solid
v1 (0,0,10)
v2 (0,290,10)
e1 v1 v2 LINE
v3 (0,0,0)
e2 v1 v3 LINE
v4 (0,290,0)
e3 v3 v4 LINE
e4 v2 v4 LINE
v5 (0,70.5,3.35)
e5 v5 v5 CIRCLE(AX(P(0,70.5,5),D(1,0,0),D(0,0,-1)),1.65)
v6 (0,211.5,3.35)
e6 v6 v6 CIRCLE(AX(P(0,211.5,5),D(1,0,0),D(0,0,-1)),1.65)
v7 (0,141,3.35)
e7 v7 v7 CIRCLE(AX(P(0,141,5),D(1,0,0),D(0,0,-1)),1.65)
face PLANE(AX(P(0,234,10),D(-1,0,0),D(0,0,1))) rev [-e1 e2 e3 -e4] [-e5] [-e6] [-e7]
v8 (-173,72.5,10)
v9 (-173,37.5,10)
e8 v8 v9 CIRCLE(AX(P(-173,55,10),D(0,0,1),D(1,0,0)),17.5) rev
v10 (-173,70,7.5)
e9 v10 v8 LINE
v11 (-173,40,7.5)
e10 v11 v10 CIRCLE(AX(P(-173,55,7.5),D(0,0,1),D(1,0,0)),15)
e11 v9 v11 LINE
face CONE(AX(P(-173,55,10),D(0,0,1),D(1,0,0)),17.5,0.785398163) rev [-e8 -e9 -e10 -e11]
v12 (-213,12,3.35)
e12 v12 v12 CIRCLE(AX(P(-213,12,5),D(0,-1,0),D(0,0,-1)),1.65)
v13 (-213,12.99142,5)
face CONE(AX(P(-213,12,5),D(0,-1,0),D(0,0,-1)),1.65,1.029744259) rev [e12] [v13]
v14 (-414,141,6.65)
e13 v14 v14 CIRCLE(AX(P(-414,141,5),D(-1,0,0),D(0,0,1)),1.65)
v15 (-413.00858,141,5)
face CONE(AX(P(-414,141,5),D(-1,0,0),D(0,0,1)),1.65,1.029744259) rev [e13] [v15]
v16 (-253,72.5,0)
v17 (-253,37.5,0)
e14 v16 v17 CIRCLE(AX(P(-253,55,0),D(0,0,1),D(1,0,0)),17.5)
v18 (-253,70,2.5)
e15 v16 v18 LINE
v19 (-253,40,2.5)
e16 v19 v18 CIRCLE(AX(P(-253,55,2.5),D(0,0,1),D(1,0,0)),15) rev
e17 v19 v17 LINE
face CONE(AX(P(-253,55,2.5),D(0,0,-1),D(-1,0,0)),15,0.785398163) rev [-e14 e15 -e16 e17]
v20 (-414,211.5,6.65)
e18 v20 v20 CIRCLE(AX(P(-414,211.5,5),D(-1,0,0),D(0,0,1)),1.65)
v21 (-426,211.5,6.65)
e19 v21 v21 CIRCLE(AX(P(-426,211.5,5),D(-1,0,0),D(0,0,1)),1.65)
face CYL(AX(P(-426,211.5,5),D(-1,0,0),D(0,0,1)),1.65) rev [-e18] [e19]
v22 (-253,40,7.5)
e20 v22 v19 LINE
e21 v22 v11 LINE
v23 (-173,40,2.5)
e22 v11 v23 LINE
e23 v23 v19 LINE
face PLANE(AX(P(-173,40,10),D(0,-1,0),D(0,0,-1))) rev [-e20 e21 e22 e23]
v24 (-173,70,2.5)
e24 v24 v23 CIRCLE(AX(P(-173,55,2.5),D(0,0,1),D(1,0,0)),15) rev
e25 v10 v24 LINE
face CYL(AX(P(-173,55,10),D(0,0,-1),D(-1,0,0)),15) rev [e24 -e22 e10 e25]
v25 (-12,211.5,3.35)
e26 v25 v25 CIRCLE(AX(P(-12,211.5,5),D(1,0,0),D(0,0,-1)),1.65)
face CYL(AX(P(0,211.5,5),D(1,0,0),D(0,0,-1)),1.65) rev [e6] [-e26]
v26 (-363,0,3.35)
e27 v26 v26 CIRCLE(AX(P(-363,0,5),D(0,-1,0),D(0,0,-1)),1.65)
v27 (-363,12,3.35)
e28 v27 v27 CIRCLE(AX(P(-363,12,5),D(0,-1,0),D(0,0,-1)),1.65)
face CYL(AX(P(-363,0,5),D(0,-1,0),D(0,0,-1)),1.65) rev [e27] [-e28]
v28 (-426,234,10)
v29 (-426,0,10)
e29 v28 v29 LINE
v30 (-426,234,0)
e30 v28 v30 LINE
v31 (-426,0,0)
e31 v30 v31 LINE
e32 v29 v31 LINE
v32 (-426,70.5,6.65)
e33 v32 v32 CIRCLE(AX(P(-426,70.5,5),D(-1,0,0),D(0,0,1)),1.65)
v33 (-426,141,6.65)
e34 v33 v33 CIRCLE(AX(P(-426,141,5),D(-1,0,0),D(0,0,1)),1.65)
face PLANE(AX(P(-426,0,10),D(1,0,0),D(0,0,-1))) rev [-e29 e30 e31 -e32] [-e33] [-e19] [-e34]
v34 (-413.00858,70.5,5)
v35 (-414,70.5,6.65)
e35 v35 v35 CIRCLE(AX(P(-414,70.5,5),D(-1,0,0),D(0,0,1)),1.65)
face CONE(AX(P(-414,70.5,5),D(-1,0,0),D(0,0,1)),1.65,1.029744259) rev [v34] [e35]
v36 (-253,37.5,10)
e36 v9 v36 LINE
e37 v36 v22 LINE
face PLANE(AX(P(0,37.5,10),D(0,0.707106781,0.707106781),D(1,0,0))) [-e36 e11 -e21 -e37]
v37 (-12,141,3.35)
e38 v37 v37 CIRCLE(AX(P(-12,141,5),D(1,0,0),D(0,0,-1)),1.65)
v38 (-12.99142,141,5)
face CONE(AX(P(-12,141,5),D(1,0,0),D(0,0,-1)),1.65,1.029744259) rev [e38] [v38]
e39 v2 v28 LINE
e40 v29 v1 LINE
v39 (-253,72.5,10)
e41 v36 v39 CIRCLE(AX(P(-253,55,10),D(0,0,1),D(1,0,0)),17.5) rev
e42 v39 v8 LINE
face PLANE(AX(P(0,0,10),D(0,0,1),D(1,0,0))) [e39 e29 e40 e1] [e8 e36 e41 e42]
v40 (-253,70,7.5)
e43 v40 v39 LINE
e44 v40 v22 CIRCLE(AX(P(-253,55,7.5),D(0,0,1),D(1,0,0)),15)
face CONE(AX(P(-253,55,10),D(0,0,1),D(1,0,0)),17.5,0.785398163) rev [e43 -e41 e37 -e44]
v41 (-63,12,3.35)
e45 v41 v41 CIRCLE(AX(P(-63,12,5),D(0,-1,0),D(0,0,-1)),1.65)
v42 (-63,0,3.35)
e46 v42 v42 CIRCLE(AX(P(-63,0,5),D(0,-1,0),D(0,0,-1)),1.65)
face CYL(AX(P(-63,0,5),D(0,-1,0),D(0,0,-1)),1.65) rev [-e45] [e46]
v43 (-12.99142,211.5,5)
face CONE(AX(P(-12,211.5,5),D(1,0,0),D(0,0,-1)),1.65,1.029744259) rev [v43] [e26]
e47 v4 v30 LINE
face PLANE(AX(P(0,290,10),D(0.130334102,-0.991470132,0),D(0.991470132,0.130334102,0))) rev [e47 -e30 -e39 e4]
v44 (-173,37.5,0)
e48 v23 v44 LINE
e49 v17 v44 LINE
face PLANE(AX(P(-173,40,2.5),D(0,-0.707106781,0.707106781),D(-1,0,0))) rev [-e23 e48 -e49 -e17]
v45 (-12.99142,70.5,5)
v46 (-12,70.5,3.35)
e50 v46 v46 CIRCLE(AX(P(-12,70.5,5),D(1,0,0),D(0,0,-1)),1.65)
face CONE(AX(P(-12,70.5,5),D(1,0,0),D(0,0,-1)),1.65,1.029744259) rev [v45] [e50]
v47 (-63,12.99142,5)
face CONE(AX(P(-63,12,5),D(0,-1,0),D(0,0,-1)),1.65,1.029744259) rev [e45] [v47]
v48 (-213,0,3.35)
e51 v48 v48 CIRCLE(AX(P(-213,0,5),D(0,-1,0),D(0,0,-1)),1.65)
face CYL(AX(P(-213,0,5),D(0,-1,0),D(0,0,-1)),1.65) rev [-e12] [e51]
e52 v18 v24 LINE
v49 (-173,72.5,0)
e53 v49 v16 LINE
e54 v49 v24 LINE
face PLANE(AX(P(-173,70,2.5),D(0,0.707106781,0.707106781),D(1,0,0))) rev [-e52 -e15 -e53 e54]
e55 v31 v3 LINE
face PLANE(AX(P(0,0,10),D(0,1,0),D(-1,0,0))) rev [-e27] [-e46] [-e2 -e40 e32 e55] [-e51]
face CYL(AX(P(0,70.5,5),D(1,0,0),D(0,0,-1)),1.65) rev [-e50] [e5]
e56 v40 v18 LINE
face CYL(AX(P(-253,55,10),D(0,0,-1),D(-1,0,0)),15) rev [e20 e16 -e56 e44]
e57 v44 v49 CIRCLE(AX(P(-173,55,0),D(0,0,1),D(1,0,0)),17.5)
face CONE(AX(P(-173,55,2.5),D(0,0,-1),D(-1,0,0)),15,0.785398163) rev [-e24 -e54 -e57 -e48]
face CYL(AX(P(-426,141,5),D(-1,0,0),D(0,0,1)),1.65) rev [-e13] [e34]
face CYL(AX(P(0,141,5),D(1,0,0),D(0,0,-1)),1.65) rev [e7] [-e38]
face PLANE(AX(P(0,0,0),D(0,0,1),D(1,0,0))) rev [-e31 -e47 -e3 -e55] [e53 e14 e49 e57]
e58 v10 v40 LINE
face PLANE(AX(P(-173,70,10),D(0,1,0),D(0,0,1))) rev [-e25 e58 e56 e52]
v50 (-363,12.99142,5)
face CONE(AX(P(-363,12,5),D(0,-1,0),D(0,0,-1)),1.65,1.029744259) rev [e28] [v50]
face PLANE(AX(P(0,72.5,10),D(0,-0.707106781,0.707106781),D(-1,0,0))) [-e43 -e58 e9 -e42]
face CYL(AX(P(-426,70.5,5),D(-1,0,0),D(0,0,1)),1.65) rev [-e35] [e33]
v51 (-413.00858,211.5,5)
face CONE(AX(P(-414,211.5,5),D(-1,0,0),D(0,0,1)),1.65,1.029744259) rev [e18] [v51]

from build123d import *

# Parameters (mm, degrees)
BOSS_EXTRUDE1_DEPTH       = 10
CUT_EXTRUDE1_DEPTH        = 516.437678095
CHAMFER1_SIZE             = 2.5
M4X0_7_TAPPED_HOLE1_D     = 3.3
M4X0_7_TAPPED_HOLE1_DEPTH = 12
M4X0_7_TAPPED_HOLE1_TIP   = 0.991420021
M4X0_7_TAPPED_HOLE2_D     = 3.3
M4X0_7_TAPPED_HOLE2_DEPTH = 12
M4X0_7_TAPPED_HOLE2_TIP   = 0.991420021
M4X0_7_TAPPED_HOLE3_D     = 3.3
M4X0_7_TAPPED_HOLE3_DEPTH = 12
M4X0_7_TAPPED_HOLE3_TIP   = 0.991420021


with BuildPart() as part:
    # Sketch1 → Boss-Extrude1 (new body)
    with BuildSketch(Plane.XY):
        Polygon((0, 234), (0, 290), (-426, 234), (-426, 0), (0, 0), align=None)
    extrude(amount=BOSS_EXTRUDE1_DEPTH)

    # Sketch2 → Cut-Extrude1 (cut, through all)
    with BuildSketch(Plane(origin=(0, 0, 0), x_dir=(-1, 0, 0), z_dir=(0, 0, -1))):
        with BuildLine():
            Line((173, 70), (253, 70))
            ThreePointArc((253, 70), (268, 55), (253, 40))
            Line((253, 40), (173, 40))
            ThreePointArc((173, 40), (158, 55), (173, 70))
        make_face()
    extrude(amount=-CUT_EXTRUDE1_DEPTH, mode=Mode.SUBTRACT)

    # Chamfer1
    chamfer1_edges = [part.edges().sort_by_distance(p)[0] for p in [
        (-268, 55, 10),
        (-213, 40, 10),
        (-158, 55, 10),
        (-213, 70, 10),
        (-268, 55, 0),
        (-213, 70, 0),
        (-158, 55, 0),
        (-213, 40, 0),
    ]]
    chamfer(chamfer1_edges, length=CHAMFER1_SIZE)

    # M4x0.7 Tapped Hole1
    with Locations(Plane(origin=(0, 0, 0), x_dir=(-1, 0, 0), z_dir=(0, -1, 0))):
        with Locations((63, -5), (213, -5), (363, -5)):
            Hole(M4X0_7_TAPPED_HOLE1_D / 2, depth=M4X0_7_TAPPED_HOLE1_DEPTH)
            with Locations((0, 0, -(M4X0_7_TAPPED_HOLE1_DEPTH + M4X0_7_TAPPED_HOLE1_TIP / 2))):  # 118° drill point
                Cone(0, M4X0_7_TAPPED_HOLE1_D / 2, M4X0_7_TAPPED_HOLE1_TIP, mode=Mode.SUBTRACT)

    # M4x0.7 Tapped Hole2
    with Locations(Plane.ZY.offset(426)):
        with Locations((5, 70.5), (5, 141), (5, 211.5)):
            Hole(M4X0_7_TAPPED_HOLE2_D / 2, depth=M4X0_7_TAPPED_HOLE2_DEPTH)
            with Locations((0, 0, -(M4X0_7_TAPPED_HOLE2_DEPTH + M4X0_7_TAPPED_HOLE2_TIP / 2))):  # 118° drill point
                Cone(0, M4X0_7_TAPPED_HOLE2_D / 2, M4X0_7_TAPPED_HOLE2_TIP, mode=Mode.SUBTRACT)

    # M4x0.7 Tapped Hole3
    with Locations(Plane(origin=(0, 0, 0), x_dir=(0, 0, -1), z_dir=(1, 0, 0))):
        with Locations((-5, 70.5), (-5, 141), (-5, 211.5)):
            Hole(M4X0_7_TAPPED_HOLE3_D / 2, depth=M4X0_7_TAPPED_HOLE3_DEPTH)
            with Locations((0, 0, -(M4X0_7_TAPPED_HOLE3_DEPTH + M4X0_7_TAPPED_HOLE3_TIP / 2))):  # 118° drill point
                Cone(0, M4X0_7_TAPPED_HOLE3_D / 2, M4X0_7_TAPPED_HOLE3_TIP, mode=Mode.SUBTRACT)


solid = part.part
